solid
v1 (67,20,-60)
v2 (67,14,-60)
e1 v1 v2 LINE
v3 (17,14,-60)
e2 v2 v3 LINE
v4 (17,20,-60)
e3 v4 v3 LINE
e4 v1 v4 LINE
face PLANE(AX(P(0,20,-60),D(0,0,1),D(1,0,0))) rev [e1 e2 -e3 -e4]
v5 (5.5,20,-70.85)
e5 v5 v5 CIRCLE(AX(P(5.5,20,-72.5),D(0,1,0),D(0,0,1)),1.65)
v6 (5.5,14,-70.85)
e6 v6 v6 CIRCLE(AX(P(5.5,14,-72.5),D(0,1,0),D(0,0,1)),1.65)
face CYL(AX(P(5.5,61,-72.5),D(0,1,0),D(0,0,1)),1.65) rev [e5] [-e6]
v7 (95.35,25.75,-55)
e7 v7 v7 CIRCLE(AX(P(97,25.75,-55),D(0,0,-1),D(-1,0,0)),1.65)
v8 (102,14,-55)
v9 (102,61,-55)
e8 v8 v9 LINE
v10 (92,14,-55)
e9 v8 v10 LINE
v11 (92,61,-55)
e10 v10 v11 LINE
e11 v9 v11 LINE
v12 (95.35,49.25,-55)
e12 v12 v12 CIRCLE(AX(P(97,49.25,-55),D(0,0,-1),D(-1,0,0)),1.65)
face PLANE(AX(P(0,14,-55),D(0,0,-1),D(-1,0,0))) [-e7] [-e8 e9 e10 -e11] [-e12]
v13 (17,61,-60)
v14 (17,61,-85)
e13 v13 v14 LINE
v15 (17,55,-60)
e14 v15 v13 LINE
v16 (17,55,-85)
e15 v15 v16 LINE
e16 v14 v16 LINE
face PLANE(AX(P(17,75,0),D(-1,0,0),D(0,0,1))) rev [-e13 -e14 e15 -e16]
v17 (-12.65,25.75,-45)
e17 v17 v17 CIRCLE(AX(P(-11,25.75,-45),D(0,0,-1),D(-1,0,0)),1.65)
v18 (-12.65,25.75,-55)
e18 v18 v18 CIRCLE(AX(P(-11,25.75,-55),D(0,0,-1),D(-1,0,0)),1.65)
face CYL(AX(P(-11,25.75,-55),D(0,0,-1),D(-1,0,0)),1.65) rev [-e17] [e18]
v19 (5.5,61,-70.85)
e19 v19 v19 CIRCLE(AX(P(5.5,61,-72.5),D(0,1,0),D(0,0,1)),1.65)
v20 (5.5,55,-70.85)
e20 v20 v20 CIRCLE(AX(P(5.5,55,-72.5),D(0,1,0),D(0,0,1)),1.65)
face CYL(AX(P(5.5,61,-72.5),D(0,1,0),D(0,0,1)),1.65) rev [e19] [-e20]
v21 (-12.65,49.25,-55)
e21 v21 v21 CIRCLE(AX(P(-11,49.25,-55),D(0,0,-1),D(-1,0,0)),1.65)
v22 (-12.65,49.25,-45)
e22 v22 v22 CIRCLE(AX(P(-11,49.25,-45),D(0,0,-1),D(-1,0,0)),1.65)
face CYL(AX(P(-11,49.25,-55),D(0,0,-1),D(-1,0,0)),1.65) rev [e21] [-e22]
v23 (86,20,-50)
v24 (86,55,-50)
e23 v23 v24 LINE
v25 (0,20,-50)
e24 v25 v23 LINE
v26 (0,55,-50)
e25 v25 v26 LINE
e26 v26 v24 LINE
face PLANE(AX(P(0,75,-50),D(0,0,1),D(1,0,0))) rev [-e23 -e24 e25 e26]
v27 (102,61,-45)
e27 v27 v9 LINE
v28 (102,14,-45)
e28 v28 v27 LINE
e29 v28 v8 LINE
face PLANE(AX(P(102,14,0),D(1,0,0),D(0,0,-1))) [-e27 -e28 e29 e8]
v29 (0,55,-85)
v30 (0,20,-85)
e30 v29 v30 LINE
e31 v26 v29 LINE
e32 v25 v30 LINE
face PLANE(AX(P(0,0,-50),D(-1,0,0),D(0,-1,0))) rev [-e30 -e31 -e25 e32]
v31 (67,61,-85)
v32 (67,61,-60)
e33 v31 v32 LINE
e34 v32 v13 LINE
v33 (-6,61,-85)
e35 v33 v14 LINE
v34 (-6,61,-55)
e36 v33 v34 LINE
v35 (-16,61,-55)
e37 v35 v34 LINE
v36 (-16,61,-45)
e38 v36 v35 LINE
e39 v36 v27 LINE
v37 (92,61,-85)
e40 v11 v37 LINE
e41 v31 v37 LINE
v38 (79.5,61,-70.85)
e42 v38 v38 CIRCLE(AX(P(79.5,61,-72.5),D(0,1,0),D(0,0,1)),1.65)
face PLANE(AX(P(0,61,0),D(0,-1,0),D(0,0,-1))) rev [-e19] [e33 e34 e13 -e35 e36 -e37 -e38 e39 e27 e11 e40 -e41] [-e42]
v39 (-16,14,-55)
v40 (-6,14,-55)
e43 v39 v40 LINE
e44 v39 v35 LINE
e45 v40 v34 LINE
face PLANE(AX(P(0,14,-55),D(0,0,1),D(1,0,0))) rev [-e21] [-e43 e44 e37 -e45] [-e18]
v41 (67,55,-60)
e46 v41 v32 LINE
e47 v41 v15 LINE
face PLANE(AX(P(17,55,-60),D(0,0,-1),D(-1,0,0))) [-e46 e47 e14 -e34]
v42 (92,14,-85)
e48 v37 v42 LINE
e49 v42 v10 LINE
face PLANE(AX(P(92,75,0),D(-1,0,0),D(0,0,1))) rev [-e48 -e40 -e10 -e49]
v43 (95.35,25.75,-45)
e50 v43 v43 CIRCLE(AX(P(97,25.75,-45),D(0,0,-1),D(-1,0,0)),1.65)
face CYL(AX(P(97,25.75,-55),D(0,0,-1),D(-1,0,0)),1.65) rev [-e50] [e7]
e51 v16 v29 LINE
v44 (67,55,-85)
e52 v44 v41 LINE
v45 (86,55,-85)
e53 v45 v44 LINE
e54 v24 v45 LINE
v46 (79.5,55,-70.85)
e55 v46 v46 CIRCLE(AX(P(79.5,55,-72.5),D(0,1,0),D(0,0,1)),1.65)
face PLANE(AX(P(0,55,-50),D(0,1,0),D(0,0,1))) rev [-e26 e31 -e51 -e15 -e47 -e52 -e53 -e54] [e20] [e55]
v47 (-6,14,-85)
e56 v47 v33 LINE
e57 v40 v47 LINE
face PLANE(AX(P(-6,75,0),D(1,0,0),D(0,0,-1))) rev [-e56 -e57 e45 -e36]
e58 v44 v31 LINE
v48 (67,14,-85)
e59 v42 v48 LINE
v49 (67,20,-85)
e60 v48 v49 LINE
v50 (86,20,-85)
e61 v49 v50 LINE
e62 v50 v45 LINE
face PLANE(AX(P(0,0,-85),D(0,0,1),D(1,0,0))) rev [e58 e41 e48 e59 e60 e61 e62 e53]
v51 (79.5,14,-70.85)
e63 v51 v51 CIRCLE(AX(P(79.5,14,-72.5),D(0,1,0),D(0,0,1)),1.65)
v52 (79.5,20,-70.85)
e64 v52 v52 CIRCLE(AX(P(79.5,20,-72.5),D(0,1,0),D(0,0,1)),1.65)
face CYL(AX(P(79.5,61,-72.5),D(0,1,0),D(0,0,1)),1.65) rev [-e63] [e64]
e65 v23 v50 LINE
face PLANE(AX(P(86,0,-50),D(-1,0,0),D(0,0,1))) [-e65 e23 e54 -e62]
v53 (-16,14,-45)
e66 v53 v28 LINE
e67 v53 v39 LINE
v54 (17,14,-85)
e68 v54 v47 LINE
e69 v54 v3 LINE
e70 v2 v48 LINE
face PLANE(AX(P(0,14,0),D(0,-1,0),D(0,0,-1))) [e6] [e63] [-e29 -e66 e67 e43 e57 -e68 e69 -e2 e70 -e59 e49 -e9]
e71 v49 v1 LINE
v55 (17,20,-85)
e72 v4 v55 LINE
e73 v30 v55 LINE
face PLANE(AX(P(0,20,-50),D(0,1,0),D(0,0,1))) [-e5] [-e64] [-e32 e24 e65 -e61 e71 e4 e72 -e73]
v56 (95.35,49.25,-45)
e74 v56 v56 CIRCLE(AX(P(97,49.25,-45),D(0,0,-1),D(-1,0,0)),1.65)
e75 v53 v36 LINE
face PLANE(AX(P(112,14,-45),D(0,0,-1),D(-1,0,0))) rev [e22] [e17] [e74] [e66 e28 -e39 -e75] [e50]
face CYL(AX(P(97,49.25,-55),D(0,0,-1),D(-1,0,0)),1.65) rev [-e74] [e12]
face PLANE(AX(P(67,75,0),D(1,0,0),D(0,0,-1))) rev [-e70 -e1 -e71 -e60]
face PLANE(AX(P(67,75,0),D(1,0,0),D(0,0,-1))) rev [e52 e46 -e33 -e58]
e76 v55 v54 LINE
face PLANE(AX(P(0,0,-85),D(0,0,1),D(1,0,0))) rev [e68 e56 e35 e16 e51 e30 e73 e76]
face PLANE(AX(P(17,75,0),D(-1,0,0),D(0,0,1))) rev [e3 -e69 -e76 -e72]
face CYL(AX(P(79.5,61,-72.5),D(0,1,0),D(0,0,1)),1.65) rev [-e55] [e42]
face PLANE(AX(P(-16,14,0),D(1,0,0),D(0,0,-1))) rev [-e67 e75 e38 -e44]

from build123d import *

# Parameters (mm, degrees)
BOSS_EXTRUDE2_DEPTH    = 75
SKETCH3_W              = 20
SKETCH3_H              = 10
BOSS_EXTRUDE3_DEPTH    = 75
SKETCH4_W              = 50
SKETCH4_H              = 25
CUT_EXTRUDE1_DEPTH     = 75
SKETCH5_W              = 50
SKETCH5_H              = 28
CUT_EXTRUDE2_DEPTH     = 75
SKETCH6_W              = 19
SKETCH6_H              = 35
CUT_EXTRUDE3_DEPTH     = 25
CUT_EXTRUDE4_DEPTH     = 14
CUT_EXTRUDE5_DEPTH     = 14
SKETCH24_W             = 50
SKETCH24_H             = 10
BOSS_EXTRUDE4_DEPTH    = 6
SKETCH25_W             = 50
SKETCH25_H             = 10
BOSS_EXTRUDE5_DEPTH    = 6
CUT_EXTRUDE7_DEPTH     = 143.751532391
SKETCH33_W             = 10
SKETCH33_H             = 10
BOSS_EXTRUDE6_DEPTH    = 47
M4X0_7_TAPPED_HOLE8_D  = 3.3
M4X0_7_TAPPED_HOLE9_D  = 3.3
M4X0_7_TAPPED_HOLE10_D = 3.3
M4X0_7_TAPPED_HOLE11_D = 3.3
BOSS_EXTRUDE7_DEPTH    = 10
BOSS_EXTRUDE8_DEPTH    = 10
M4X0_7_TAPPED_HOLE12_D = 3.3
M4X0_7_TAPPED_HOLE13_D = 3.3


with BuildPart() as part:
    # Sketch2 → Boss-Extrude2 (new body)
    with BuildSketch(Plane(origin=(0, 0, 0), x_dir=(1, 0, 0), z_dir=(0, 1, 0))):
        Polygon((-6, 69), (-6, 0), (-6, -6), (0, -6), (86, -6), (92, -6), (92, 0), (92, 69), (92, 75), (86, 75), (0, 75), (-6, 75), align=None)
    extrude(amount=BOSS_EXTRUDE2_DEPTH)

    # Sketch3 → Boss-Extrude3 (add)
    with BuildSketch(Plane(origin=(0, 0, 0), x_dir=(-1, 0, 0), z_dir=(0, -1, 0))):
        with Locations((-102, -1)):
            Rectangle(SKETCH3_W, SKETCH3_H)
        with Locations((16, -1)):
            Rectangle(SKETCH3_W, SKETCH3_H)
    extrude(amount=-BOSS_EXTRUDE3_DEPTH)

    # Sketch4 → Cut-Extrude1 (cut)
    with BuildSketch(Plane(origin=(0, 0, 0), x_dir=(-1, 0, 0), z_dir=(0, -1, 0))):
        with Locations((-42, 62.5)):
            Rectangle(SKETCH4_W, SKETCH4_H)
    extrude(amount=-CUT_EXTRUDE1_DEPTH, mode=Mode.SUBTRACT)

    # Sketch5 → Cut-Extrude2 (cut)
    with BuildSketch(Plane(origin=(0, 0, 0), x_dir=(-1, 0, 0), z_dir=(0, -1, 0))):
        with Locations((-42, 8)):
            Rectangle(SKETCH5_W, SKETCH5_H)
    extrude(amount=-CUT_EXTRUDE2_DEPTH, mode=Mode.SUBTRACT)

    # Sketch6 → Cut-Extrude3 (cut)
    with BuildSketch(Plane(origin=(0, 0, -75), x_dir=(-1, 0, 0), z_dir=(0, 0, -1))):
        with Locations((-76.5, 37.5)):
            Rectangle(SKETCH6_W, SKETCH6_H)
        Polygon((-67, 55), (-67, 20), (0, 20), (0, 37.5), (0, 55), align=None)
    extrude(amount=-CUT_EXTRUDE3_DEPTH, mode=Mode.SUBTRACT)

    # Sketch7 → Cut-Extrude4 (cut)
    with BuildSketch(Plane(origin=(0, 0, 0), x_dir=(-1, 0, 0), z_dir=(0, -1, 0))):
        Polygon((-112, 4), (-112, -6), (-67, -6), (-67, 22), (-17, 22), (-17, -6), (26, -6), (26, 4), (6, 4), (6, 75), (-17, 75), (-17, 50), (-67, 50), (-67, 75), (-92, 75), (-92, 4), align=None)
    extrude(amount=-CUT_EXTRUDE4_DEPTH, mode=Mode.SUBTRACT)

    # Sketch8 → Cut-Extrude5 (cut)
    with BuildSketch(Plane(origin=(0, 75, 0), x_dir=(1, 0, 0), z_dir=(0, 1, 0))):
        Polygon((-26, 4), (-6, 4), (-6, 75), (17, 75), (17, 50), (67, 50), (67, 75), (92, 75), (92, 4), (112, 4), (112, -6), (67, -6), (67, 22), (17, 22), (17, -6), (-26, -6), align=None)
    extrude(amount=-CUT_EXTRUDE5_DEPTH, mode=Mode.SUBTRACT)

    # Sketch24 → Boss-Extrude4 (add)
    with BuildSketch(Plane(origin=(0, 14, 0), x_dir=(-1, 0, 0), z_dir=(0, -1, 0))):
        with Locations((-42, 55)):
            Rectangle(SKETCH24_W, SKETCH24_H)
    extrude(amount=-BOSS_EXTRUDE4_DEPTH)

    # Sketch25 → Boss-Extrude5 (add)
    with BuildSketch(Plane(origin=(0, 61, 0), x_dir=(1, 0, 0), z_dir=(0, 1, 0))):
        with Locations((42, 55)):
            Rectangle(SKETCH25_W, SKETCH25_H)
    extrude(amount=-BOSS_EXTRUDE5_DEPTH)

    # Sketch31 → Cut-Extrude7 (cut, through all)
    with BuildSketch(Plane(origin=(0, 61, 0), x_dir=(1, 0, 0), z_dir=(0, 1, 0))):
        Polygon((-6, 45), (92, 45), (112, 45), (112, -6), (92, -6), (-6, -6), (-26, -6), (-26, 45), align=None)
    extrude(amount=-CUT_EXTRUDE7_DEPTH, mode=Mode.SUBTRACT)

    # Sketch33 → Boss-Extrude6 (add, through all)
    with BuildSketch(Plane(origin=(0, 61, 0), x_dir=(1, 0, 0), z_dir=(0, 1, 0))):
        with Locations((-11, 50)):
            Rectangle(SKETCH33_W, SKETCH33_H)
        with Locations((97, 50)):
            Rectangle(SKETCH33_W, SKETCH33_H)
    extrude(amount=-BOSS_EXTRUDE6_DEPTH)

    # M4x0.7 Tapped Hole8 (through all)
    with Locations(Plane(origin=(0, 0, -55), x_dir=(-1, 0, 0), z_dir=(0, 0, -1))):
        with Locations((11, 25.75)):
            Hole(M4X0_7_TAPPED_HOLE8_D / 2)

    # M4x0.7 Tapped Hole9 (through all)
    with Locations(Plane(origin=(0, 0, -55), x_dir=(-1, 0, 0), z_dir=(0, 0, -1))):
        with Locations((11, 49.25)):
            Hole(M4X0_7_TAPPED_HOLE9_D / 2)

    # M4x0.7 Tapped Hole10 (through all)
    with Locations(Plane(origin=(0, 0, -55), x_dir=(-1, 0, 0), z_dir=(0, 0, -1))):
        with Locations((-97, 49.25)):
            Hole(M4X0_7_TAPPED_HOLE10_D / 2)

    # M4x0.7 Tapped Hole11 (through all)
    with Locations(Plane(origin=(0, 0, -55), x_dir=(-1, 0, 0), z_dir=(0, 0, -1))):
        with Locations((-97, 25.75)):
            Hole(M4X0_7_TAPPED_HOLE11_D / 2)

    # Sketch44 → Boss-Extrude7 (add)
    with BuildSketch(Plane(origin=(0, 20, -75), x_dir=(-1, 0, 0), z_dir=(0, 0, -1))):
        Polygon((-17, -6), (-17, 0), (0, 0), (0, 35), (-17, 35), (-17, 41), (6, 41), (6, -6), align=None)
    extrude(amount=BOSS_EXTRUDE7_DEPTH)

    # Sketch45 → Boss-Extrude8 (add)
    with BuildSketch(Plane(origin=(0, 0, -75), x_dir=(-1, 0, 0), z_dir=(0, 0, -1))):
        Polygon((-67, 61), (-67, 55), (-86, 55), (-86, 20), (-67, 20), (-67, 14), (-92, 14), (-92, 61), align=None)
    extrude(amount=BOSS_EXTRUDE8_DEPTH)

    # M4x0.7 Tapped Hole12 (through all)
    with Locations(Plane(origin=(0, 61, 0), x_dir=(1, 0, 0), z_dir=(0, 1, 0))):
        with Locations((5.5, 72.5)):
            Hole(M4X0_7_TAPPED_HOLE12_D / 2)

    # M4x0.7 Tapped Hole13 (through all)
    with Locations(Plane(origin=(0, 61, 0), x_dir=(1, 0, 0), z_dir=(0, 1, 0))):
        with Locations((79.5, 72.5)):
            Hole(M4X0_7_TAPPED_HOLE13_D / 2)


solid = part.part
